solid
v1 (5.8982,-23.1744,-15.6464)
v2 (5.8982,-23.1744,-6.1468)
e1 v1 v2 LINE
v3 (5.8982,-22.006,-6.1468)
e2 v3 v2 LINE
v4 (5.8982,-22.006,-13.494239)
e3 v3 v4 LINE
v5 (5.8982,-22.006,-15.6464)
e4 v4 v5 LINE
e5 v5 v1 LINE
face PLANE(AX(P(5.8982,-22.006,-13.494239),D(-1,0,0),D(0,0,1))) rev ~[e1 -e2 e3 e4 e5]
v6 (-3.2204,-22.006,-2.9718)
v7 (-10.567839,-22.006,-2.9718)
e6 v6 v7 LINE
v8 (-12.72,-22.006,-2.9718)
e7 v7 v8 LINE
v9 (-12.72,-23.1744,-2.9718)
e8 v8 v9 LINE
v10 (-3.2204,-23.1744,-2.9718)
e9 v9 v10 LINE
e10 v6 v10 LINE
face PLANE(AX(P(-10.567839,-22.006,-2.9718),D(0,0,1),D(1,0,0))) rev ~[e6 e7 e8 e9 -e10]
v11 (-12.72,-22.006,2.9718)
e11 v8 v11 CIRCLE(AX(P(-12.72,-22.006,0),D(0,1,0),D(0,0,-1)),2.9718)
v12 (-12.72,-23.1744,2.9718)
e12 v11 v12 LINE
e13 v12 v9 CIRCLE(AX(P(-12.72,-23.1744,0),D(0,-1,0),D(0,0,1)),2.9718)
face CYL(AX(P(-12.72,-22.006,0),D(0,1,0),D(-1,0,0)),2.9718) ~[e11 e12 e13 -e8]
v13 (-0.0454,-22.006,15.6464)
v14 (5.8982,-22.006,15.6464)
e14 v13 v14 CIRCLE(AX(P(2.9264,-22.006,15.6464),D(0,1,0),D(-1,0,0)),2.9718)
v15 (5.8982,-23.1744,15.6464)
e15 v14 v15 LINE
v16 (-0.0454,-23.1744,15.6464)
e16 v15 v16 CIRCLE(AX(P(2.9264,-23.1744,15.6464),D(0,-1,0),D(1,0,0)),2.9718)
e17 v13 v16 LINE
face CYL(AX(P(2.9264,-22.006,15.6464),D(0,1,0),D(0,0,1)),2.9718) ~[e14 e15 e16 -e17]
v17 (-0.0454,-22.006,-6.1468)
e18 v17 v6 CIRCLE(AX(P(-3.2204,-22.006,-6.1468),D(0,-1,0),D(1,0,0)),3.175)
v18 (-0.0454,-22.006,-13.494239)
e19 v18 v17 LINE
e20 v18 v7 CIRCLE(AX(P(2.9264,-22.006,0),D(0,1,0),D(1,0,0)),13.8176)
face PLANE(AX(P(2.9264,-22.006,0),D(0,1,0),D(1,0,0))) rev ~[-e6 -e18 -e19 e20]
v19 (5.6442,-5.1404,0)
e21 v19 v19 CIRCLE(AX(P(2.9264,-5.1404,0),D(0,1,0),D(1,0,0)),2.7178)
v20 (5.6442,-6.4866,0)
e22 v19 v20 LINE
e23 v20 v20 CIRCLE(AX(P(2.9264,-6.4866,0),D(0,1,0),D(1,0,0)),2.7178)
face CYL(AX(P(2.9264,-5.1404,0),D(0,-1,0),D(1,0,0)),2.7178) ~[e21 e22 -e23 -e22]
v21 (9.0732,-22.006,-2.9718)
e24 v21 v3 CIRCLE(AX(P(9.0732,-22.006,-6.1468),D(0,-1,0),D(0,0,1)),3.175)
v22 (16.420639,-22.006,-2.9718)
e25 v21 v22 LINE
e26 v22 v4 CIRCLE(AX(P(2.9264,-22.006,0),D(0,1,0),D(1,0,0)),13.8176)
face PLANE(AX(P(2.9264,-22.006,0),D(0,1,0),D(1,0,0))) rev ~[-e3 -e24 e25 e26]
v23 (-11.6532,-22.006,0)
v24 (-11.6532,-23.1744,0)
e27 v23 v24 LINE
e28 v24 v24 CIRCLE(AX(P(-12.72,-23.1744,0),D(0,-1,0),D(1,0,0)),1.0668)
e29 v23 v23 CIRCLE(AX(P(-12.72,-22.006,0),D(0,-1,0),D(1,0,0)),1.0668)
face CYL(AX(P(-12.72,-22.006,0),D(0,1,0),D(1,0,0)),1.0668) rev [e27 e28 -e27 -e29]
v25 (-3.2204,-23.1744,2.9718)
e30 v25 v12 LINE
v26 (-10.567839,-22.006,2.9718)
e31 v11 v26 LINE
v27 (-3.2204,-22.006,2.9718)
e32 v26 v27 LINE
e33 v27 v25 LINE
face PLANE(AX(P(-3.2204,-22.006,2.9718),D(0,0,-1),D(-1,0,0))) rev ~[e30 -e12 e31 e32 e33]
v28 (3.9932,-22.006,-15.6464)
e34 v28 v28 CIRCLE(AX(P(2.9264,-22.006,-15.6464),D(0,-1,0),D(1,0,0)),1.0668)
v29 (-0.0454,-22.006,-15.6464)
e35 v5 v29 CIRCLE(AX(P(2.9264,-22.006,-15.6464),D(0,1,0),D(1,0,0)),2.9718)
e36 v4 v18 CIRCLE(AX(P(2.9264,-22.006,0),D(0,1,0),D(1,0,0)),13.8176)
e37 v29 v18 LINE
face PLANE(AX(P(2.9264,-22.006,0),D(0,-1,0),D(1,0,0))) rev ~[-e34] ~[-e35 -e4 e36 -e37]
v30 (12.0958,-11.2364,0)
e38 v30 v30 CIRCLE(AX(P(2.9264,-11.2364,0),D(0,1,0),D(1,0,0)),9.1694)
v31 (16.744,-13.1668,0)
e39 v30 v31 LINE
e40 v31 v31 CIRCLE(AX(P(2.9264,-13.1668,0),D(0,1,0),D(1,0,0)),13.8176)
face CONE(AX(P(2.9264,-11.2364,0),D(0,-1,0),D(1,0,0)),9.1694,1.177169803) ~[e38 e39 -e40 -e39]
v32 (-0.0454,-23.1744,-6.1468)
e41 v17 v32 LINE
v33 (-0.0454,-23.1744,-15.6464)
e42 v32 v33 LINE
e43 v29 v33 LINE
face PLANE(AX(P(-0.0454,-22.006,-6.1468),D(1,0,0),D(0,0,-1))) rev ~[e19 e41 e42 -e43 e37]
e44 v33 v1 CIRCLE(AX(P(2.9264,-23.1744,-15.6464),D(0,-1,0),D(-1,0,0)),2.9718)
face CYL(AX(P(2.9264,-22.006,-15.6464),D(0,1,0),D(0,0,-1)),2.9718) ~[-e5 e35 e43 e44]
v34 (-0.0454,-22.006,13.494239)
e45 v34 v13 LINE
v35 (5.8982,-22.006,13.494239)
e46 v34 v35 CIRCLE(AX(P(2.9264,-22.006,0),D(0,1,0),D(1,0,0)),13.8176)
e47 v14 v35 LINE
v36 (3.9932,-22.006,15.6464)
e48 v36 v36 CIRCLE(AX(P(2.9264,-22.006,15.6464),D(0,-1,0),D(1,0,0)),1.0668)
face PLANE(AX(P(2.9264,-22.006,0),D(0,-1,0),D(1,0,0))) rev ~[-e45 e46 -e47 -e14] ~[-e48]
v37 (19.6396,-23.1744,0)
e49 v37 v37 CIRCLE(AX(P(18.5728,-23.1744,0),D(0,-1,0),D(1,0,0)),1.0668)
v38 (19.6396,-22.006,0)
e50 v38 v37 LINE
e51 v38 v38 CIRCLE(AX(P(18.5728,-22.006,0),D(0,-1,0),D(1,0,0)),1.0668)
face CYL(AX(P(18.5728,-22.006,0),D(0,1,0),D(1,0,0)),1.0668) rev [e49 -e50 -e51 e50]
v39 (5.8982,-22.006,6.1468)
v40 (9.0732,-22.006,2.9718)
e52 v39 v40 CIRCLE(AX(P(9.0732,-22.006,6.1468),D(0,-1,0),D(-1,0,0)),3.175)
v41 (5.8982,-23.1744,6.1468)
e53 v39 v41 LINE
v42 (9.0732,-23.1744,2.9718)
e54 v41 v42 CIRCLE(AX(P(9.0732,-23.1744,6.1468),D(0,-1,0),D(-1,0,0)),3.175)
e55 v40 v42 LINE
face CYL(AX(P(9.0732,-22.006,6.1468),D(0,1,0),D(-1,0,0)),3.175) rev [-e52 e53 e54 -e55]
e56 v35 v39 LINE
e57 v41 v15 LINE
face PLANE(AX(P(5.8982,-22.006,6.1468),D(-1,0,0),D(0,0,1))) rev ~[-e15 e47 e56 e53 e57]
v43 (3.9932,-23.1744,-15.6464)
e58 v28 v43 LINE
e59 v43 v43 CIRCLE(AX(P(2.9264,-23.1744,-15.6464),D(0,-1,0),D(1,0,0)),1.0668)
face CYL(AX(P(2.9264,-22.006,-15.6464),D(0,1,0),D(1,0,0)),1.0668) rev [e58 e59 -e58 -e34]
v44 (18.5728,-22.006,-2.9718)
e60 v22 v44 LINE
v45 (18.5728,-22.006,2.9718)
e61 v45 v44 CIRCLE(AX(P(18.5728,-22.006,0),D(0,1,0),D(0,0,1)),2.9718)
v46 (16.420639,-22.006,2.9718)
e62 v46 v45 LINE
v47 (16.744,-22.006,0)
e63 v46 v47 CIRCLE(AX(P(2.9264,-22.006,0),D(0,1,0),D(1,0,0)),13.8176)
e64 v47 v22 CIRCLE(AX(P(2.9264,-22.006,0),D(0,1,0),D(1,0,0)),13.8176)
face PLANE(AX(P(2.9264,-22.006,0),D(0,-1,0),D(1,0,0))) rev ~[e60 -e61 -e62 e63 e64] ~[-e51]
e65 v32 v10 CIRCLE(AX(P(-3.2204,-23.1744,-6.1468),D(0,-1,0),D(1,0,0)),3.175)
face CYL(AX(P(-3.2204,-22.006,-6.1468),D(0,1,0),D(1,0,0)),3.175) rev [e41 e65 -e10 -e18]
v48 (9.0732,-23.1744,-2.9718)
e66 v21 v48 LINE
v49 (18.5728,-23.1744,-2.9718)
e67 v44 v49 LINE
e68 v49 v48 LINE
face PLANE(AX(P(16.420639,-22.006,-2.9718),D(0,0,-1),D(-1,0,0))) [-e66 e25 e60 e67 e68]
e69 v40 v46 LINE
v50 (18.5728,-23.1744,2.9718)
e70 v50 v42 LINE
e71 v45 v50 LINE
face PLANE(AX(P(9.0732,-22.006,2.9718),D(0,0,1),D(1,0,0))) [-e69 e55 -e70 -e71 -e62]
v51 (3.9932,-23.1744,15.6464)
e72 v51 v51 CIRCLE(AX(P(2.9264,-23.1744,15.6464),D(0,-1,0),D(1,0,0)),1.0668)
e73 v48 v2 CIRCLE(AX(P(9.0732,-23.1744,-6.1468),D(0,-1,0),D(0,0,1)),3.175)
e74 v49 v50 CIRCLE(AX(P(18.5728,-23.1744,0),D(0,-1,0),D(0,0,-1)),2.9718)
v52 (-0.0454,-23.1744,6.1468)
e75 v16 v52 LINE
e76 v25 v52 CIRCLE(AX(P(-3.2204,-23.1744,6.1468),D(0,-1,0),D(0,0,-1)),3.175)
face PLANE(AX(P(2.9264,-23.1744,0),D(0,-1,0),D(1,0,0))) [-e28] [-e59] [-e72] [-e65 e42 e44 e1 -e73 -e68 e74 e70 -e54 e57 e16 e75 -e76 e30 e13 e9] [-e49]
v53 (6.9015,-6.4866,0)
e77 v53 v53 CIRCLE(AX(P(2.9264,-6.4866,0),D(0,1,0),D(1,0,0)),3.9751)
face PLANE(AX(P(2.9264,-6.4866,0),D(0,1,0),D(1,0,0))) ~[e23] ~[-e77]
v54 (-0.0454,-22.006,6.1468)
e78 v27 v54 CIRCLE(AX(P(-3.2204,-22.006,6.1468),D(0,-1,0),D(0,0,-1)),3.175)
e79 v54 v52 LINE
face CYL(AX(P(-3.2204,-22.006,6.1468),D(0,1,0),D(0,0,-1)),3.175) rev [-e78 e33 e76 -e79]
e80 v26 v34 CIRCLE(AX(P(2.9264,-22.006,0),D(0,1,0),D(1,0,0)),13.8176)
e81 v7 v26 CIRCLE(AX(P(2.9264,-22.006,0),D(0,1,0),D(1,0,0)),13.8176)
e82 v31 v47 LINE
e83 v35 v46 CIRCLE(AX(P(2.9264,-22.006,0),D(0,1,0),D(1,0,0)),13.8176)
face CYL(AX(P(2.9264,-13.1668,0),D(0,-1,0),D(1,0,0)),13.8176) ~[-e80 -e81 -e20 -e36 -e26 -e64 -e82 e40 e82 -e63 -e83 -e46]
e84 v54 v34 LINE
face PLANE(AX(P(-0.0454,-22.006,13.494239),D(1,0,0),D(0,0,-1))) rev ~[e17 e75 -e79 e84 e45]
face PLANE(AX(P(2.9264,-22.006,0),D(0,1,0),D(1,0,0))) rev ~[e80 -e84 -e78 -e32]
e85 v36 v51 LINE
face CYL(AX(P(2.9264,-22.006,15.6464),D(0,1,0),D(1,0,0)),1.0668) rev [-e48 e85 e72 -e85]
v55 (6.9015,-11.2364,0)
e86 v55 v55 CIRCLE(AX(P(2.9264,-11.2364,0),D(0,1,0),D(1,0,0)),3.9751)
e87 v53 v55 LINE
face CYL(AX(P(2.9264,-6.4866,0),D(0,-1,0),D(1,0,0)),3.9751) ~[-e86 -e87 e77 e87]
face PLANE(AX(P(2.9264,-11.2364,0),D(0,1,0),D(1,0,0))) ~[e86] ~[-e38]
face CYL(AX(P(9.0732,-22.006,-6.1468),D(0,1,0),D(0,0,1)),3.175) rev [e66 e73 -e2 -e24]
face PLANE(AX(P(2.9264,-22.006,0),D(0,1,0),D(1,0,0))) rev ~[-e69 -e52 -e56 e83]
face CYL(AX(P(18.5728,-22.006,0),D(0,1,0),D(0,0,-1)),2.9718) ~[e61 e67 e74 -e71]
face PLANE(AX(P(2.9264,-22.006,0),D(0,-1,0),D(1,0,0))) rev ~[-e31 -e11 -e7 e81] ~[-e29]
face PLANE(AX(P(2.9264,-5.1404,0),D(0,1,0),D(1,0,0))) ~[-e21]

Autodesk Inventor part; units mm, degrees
ref_plane "YZ Plane" through (0, 0, 0) normal (1, 0, 0) x (0, 1, 0)
ref_plane "XZ Plane" through (0, 0, 0) normal (0, 1, 0) x (-1, 0, 0)
ref_plane "XY Plane" through (0, 0, 0) normal (0, 0, 1) x (1, 0, 0)
sketch "Sketch1" plane through (0, 0, 0) normal (0, 0, 1) x (1, 0, 0)
  line L0 (2.9264, -5.1404) -> (5.6442, -5.1404)
  line L1 (5.6442, -5.1404) -> (5.6442, -6.4866)
  line L2 (5.6442, -6.4866) -> (6.9015, -6.4866)
  line L3 (6.9015, -6.4866) -> (6.9015, -11.2364)
  line L4 (6.9015, -11.2364) -> (12.0958, -11.2364)
  line L5 (12.0958, -11.2364) -> (16.744, -13.1668)
  line L6 (16.744, -13.1668) -> (16.744, -22.006)
  line L7 (16.744, -22.006) -> (2.9264, -22.006)
  line L8 (2.9264, -22.006) -> (2.9264, -5.1404)
  point P0 (0, 0)
  dimension "d0" = 10.7696
  dimension "d1" = 8.8392
  dimension "d2" = 4.6482
  dimension "d3" = 13.8176
  dimension "d4" = 16.8656
  dimension "d5" = 1.3462
  dimension "d6" = 2.7178
  dimension "d7" = 3.9751
revolve "Revolution1" add sketch "Sketch1" angle 360 about axis through (2.9264, -22.006, 0) along (0, 1, 0)
sketch "Sketch2" plane through (2.9264, -22.006, 0) normal (0, -1, 0) x (1, 0, 0)
  circle A0 centre (0, 0) radius 13.8176 projected
  line L0 (6.1468, 2.9718) -> (15.6464, 2.9718)
  line L1 (18.6182, 0) -> (18.6182, 0)
  line L2 (15.6464, -2.9718) -> (6.1468, -2.9718)
  line L3 (2.9718, 6.1468) -> (2.9718, 15.6464)
  line L4 (0, 18.6182) -> (0, 18.6182)
  line L5 (-2.9718, 15.6464) -> (-2.9718, 6.1468)
  line L6 (-6.1468, 2.9718) -> (-15.6464, 2.9718)
  line L7 (-18.6182, 0) -> (-18.6182, 0)
  line L8 (-15.6464, -2.9718) -> (-6.1468, -2.9718)
  line L9 (-2.9718, -6.1468) -> (-2.9718, -15.6464)
  line L10 (0, -18.6182) -> (0, -18.6182)
  line L11 (2.9718, -15.6464) -> (2.9718, -6.1468)
  arc A1 (-6.1468, 2.9718) -> (-2.9718, 6.1468) centre (-6.1468, 6.1468) ccw
  arc A2 (2.9718, 6.1468) -> (6.1468, 2.9718) centre (6.1468, 6.1468) ccw
  arc A3 (6.1468, -2.9718) -> (2.9718, -6.1468) centre (6.1468, -6.1468) ccw
  arc A4 (-2.9718, -6.1468) -> (-6.1468, -2.9718) centre (-6.1468, -6.1468) ccw
  arc A5 (18.6182, 0) -> (15.6464, 2.9718) centre (15.6464, 0) ccw
  arc A6 (15.6464, -2.9718) -> (18.6182, 0) centre (15.6464, 0) ccw
  arc A7 (2.9718, 15.6464) -> (0, 18.6182) centre (0, 15.6464) ccw
  arc A8 (0, 18.6182) -> (-2.9718, 15.6464) centre (0, 15.6464) ccw
  arc A9 (-15.6464, 2.9718) -> (-18.6182, 0) centre (-15.6464, 0) ccw
  arc A10 (-18.6182, 0) -> (-15.6464, -2.9718) centre (-15.6464, 0) ccw
  arc A11 (-2.9718, -15.6464) -> (0, -18.6182) centre (0, -15.6464) ccw
  arc A12 (0, -18.6182) -> (2.9718, -15.6464) centre (0, -15.6464) ccw
  circle A13 centre (0, 15.6464) radius 1.0668
  circle A14 centre (15.6464, 0) radius 1.0668
  circle A15 centre (-15.6464, 0) radius 1.0668
  circle A16 centre (0, -15.6464) radius 1.0668
  point P0 (-2.9264, 0)
  dimension "d9" = 3.175
  dimension "d10" = 5.9436
  dimension "d11" = 2.9718
  dimension "d12" = 5.9436
  dimension "d13" = 15.6464
  dimension "d14" = 15.6464
  dimension "d15" = 15.6464
  dimension "d16" = 2.1336
extrude "Extrusion1" add sketch "Sketch2" along normal blind 1.1684 contours A0 L2 A3 L11 L9 A4 L8 L6 A1 L5 L3 A2 L0 | A0 L0 A5 A6 L2 | A0 L5 A8 A7 L3 | L11 A12 A11 L9 A0 | A0 L8 A10 A9 L6
equation "\"d12\" = d10"
equation "\"d14\" = d13"
equation "\"d15\" = d13"
properties part number "Lift_Motor"
